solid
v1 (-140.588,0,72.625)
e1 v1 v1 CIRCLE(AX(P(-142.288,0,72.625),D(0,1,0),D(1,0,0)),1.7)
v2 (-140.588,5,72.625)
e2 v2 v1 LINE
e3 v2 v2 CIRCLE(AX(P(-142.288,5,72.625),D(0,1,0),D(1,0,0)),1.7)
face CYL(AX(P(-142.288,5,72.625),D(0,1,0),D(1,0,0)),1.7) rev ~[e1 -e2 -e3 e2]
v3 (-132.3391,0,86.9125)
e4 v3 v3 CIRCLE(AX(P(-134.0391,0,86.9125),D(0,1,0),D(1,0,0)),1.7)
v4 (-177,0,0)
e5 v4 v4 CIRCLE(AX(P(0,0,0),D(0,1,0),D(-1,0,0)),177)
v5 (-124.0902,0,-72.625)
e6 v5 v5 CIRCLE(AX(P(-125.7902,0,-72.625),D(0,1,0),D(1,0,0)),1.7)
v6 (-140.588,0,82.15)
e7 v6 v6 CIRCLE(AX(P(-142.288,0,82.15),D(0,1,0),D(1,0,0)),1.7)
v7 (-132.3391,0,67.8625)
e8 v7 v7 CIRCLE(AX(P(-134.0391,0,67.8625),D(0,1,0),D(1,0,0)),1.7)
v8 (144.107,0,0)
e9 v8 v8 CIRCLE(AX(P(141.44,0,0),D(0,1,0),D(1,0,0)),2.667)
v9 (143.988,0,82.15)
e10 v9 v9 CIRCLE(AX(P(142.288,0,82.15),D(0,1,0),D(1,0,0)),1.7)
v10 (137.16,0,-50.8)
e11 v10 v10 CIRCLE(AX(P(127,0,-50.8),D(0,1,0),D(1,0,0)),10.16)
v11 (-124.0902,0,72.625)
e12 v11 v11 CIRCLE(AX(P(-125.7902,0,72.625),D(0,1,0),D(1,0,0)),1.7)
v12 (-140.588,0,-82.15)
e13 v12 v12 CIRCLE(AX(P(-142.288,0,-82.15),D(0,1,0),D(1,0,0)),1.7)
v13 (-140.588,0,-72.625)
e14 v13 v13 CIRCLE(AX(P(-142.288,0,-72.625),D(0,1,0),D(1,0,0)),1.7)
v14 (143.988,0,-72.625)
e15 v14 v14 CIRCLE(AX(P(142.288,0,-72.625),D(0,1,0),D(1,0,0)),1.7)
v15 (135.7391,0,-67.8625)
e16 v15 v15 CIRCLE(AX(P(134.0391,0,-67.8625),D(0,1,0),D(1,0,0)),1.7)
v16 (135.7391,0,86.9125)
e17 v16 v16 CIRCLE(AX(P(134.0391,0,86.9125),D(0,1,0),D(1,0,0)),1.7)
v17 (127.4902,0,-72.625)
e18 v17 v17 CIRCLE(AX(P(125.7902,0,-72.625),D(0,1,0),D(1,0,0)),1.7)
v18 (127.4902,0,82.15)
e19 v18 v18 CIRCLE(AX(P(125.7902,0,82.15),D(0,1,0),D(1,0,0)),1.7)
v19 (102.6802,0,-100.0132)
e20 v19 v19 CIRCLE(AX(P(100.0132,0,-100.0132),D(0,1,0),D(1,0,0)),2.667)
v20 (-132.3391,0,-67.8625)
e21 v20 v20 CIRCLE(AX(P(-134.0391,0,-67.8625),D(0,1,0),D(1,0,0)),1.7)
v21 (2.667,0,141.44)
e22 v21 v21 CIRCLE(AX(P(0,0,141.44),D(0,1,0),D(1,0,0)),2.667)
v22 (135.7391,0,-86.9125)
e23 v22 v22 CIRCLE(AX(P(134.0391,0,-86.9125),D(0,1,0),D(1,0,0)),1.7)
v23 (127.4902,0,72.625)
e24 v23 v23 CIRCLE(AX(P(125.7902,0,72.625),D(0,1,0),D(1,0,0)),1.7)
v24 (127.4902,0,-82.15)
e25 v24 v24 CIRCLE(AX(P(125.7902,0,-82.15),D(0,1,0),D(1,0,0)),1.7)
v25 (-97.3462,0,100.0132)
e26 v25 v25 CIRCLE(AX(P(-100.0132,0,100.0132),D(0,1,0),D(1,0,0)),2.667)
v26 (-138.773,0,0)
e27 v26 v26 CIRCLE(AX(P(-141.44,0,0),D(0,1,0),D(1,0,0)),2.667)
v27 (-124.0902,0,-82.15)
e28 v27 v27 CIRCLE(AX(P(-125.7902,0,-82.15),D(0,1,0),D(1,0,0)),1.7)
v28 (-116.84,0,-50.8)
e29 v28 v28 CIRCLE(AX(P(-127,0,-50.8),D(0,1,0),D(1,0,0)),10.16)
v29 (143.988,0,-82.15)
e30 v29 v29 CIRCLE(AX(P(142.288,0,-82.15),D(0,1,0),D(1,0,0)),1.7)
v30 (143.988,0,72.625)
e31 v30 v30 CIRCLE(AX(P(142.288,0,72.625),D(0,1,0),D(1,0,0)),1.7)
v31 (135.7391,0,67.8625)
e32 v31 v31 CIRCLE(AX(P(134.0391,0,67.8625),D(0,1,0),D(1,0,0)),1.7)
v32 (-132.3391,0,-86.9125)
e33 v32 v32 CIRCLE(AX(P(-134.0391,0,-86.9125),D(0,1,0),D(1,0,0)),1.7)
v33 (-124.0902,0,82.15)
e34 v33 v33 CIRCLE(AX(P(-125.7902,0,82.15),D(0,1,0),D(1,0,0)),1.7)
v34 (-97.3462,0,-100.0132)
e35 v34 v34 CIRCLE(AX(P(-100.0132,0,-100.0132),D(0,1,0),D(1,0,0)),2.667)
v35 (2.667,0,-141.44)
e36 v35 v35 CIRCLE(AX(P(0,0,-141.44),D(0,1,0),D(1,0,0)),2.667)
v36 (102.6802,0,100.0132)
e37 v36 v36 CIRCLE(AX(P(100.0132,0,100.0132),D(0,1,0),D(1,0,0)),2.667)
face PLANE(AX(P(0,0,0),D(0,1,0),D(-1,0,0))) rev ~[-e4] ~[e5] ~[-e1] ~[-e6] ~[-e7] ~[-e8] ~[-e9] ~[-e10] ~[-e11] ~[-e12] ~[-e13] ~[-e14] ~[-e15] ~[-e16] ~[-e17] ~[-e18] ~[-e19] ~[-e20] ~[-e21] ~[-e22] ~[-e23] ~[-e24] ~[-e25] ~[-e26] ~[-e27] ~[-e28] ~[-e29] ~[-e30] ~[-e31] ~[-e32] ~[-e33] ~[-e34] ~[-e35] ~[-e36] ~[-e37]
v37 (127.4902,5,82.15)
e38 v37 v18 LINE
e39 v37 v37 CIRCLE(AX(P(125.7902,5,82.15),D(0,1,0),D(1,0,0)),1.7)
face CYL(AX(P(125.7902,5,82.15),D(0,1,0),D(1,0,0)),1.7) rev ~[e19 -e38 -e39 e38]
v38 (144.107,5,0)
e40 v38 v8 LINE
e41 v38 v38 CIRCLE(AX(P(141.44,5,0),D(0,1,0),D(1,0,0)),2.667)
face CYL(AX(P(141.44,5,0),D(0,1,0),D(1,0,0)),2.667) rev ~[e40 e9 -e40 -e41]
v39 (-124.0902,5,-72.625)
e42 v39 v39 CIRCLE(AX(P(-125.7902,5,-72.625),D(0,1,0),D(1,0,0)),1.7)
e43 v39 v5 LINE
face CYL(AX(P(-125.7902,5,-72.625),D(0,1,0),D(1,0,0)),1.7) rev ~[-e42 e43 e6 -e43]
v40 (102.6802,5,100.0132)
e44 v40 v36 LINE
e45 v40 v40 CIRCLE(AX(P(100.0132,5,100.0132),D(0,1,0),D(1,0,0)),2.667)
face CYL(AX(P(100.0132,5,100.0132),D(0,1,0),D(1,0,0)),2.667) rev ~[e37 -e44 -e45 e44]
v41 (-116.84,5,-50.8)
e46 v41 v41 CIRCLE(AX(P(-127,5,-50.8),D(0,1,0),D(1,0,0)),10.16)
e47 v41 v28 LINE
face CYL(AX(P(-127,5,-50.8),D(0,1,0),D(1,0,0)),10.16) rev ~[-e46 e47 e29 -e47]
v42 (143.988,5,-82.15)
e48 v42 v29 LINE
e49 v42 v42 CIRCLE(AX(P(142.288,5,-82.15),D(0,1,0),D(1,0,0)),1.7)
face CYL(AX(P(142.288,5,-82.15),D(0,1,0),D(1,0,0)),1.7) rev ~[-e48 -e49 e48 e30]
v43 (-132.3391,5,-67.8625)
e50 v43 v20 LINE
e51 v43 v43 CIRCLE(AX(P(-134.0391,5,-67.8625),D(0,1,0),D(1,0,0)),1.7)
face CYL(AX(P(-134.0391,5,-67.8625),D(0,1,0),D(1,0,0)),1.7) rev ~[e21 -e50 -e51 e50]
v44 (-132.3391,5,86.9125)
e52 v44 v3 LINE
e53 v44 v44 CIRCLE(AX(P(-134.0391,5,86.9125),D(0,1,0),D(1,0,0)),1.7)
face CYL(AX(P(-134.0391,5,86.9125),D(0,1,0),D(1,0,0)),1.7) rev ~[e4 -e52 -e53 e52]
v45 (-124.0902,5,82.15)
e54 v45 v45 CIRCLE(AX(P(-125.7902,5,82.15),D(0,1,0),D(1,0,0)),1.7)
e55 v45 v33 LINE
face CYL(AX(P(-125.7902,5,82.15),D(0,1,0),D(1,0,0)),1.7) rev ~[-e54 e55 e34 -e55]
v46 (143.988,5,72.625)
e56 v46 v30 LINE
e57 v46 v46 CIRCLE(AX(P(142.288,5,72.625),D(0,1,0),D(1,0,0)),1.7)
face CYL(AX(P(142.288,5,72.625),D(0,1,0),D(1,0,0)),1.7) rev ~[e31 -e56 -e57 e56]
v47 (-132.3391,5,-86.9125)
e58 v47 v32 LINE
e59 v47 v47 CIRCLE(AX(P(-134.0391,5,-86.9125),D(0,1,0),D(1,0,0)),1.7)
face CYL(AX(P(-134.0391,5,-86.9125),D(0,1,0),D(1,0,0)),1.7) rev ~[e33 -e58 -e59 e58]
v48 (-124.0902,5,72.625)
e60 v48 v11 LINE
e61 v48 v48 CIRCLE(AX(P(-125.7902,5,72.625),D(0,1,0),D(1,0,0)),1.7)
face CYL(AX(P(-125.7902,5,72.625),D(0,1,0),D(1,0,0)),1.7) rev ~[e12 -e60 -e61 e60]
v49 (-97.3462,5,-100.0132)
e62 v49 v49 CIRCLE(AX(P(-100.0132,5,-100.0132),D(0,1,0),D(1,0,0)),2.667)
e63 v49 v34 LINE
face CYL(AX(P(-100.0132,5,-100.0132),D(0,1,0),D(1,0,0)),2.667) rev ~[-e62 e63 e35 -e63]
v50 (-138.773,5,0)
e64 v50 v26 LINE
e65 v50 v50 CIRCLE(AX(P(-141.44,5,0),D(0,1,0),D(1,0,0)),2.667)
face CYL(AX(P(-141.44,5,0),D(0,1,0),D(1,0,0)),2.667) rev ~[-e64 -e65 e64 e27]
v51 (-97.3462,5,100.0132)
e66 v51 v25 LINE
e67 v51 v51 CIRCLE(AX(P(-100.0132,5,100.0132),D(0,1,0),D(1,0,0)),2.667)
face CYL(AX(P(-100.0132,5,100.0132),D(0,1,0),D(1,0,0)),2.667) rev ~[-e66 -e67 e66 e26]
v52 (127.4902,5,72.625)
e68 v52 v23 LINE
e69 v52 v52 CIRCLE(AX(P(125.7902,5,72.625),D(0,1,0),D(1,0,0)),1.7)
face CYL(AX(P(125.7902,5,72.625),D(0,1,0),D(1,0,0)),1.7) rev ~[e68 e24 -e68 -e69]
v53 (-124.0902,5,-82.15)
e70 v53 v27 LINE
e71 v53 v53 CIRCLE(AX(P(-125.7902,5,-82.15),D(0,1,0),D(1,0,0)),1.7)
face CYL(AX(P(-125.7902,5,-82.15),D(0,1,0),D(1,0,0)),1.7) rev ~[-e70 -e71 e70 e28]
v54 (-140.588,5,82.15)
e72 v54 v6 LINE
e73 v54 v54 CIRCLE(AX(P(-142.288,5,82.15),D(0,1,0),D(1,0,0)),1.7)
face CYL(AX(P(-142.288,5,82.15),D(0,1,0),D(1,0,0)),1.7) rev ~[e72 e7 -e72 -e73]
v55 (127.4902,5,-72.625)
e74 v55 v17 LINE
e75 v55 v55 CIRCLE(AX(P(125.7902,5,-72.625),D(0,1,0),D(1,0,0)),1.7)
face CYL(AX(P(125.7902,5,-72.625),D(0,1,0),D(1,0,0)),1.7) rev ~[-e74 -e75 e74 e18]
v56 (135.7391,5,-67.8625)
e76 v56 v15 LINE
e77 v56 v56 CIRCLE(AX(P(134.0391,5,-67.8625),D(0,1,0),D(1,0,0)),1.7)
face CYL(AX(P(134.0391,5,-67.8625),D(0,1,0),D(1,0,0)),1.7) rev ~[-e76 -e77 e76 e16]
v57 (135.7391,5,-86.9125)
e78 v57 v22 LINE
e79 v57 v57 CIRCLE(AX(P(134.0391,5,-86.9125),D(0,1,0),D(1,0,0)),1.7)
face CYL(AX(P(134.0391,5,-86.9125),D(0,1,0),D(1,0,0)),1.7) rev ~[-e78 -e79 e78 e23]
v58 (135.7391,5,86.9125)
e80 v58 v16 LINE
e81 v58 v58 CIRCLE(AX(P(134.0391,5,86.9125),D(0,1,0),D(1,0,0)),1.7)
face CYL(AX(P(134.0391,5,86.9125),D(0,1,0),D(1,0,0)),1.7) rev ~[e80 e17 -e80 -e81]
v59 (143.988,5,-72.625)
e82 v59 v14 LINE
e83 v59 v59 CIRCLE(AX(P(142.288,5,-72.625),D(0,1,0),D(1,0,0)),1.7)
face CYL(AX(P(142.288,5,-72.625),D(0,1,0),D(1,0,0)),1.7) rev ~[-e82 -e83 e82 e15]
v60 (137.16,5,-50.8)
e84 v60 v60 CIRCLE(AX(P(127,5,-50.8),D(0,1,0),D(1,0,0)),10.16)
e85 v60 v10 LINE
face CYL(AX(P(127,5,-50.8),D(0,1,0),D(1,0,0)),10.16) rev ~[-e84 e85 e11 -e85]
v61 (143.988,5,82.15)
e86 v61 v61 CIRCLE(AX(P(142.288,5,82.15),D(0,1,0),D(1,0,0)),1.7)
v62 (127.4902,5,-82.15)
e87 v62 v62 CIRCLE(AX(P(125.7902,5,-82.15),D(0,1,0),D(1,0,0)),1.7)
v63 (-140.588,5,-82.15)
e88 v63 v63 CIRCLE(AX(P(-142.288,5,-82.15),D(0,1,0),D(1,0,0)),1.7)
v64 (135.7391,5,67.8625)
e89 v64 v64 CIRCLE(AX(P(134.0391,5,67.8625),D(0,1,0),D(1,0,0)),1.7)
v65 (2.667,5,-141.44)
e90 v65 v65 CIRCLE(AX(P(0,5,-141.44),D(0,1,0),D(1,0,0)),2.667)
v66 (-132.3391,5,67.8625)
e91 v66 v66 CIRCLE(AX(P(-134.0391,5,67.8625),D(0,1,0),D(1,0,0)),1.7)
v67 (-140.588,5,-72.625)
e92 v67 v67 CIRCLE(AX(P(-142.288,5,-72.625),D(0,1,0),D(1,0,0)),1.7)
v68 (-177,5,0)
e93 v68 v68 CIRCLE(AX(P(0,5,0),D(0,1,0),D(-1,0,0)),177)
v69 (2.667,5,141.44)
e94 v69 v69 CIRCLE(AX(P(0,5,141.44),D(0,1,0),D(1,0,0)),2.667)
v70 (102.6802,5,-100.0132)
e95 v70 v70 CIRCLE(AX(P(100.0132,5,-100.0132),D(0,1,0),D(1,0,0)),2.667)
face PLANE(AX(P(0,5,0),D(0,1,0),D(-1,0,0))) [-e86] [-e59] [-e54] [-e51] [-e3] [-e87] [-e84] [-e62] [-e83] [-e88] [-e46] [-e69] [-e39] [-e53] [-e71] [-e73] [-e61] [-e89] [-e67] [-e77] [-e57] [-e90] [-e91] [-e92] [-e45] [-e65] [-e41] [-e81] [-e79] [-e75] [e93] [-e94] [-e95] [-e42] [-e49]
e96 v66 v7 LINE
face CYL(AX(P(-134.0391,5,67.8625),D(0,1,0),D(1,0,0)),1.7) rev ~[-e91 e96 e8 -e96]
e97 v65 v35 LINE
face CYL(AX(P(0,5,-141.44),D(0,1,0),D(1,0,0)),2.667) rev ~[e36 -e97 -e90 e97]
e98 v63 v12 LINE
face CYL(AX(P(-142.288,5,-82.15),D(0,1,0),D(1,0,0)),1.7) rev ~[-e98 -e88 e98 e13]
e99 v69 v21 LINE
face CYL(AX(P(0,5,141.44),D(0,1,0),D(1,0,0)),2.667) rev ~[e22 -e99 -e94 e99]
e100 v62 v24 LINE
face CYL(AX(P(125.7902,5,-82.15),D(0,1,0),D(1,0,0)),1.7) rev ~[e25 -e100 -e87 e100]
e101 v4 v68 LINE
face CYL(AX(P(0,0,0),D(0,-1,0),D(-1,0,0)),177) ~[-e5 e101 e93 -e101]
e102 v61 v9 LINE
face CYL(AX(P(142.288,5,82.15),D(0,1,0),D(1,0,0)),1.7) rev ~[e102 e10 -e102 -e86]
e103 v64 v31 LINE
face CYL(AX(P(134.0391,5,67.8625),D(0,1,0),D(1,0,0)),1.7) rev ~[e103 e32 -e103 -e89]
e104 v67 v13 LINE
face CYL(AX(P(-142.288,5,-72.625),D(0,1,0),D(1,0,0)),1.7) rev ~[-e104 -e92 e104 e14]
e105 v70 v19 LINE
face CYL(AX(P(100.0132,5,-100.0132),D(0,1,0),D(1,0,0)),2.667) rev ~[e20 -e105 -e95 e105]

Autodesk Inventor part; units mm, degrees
ref_plane "YZ Plane" through (0, 0, 0) normal (1, 0, 0) x (0, 1, 0)
ref_plane "XZ Plane" through (0, 0, 0) normal (0, 1, 0) x (-1, 0, 0)
ref_plane "XY Plane" through (0, 0, 0) normal (0, 0, 1) x (1, 0, 0)
sketch "Sketch1" plane through (0, 0, 0) normal (0, 1, 0) x (-1, 0, 0)
  circle A0 centre (0, 0) radius 177
  dimension "d0" = 354
extrude "Extrusion1" add sketch "Sketch1" along normal blind 5
sketch "Sketch2" plane through (0, 5, 0) normal (0, 1, 0) x (1, 0, 0)
  line L0 (0, 0) -> (153.2865, -88.5) construction
  circle A0 centre (0, 0) radius 177 construction
  line L1 (-177, 0) -> (177, 0) construction
  circle A1 centre (142.288, -82.15) radius 1.7
  line L2 (142.288, -82.15) -> (134.0391, -77.3875) construction
  circle A2 centre (142.288, -72.625) radius 1.7
  circle A3 centre (134.0391, -67.8625) radius 1.7
  circle A4 centre (125.7902, -72.625) radius 1.7
  circle A5 centre (125.7902, -82.15) radius 1.7
  circle A6 centre (134.0391, -86.9125) radius 1.7
  circle A7 centre (142.288, 82.15) radius 1.7
  circle A8 centre (142.288, 72.625) radius 1.7
  circle A9 centre (134.0391, 67.8625) radius 1.7
  circle A10 centre (125.7902, 72.625) radius 1.7
  circle A11 centre (125.7902, 82.15) radius 1.7
  circle A12 centre (134.0391, 86.9125) radius 1.7
  line L3 (0, 177) -> (0, -177) construction
  circle A13 centre (0, 0) radius 177 construction
  circle A14 centre (-142.288, -82.15) radius 1.7
  circle A15 centre (-142.288, -72.625) radius 1.7
  circle A16 centre (-134.0391, -67.8625) radius 1.7
  circle A17 centre (-125.7902, -72.625) radius 1.7
  circle A18 centre (-125.7902, -82.15) radius 1.7
  circle A19 centre (-134.0391, -86.9125) radius 1.7
  circle A20 centre (-134.0391, 67.8625) radius 1.7
  circle A21 centre (-142.288, 72.625) radius 1.7
  circle A22 centre (-142.288, 82.15) radius 1.7
  circle A23 centre (-134.0391, 86.9125) radius 1.7
  circle A24 centre (-125.7902, 82.15) radius 1.7
  circle A25 centre (-125.7902, 72.625) radius 1.7
  dimension "d3" = 30
  dimension "d4" = 3.4
  dimension "d5" = 12.7
  dimension "d6" = 9.525
  dimension "d9" = 360
extrude "Standoffs" cut sketch "Sketch2" against normal through all
sketch "Sketch3" plane through (0, 5, 0) normal (0, 1, 0) x (1, 0, 0)
  circle A0 centre (-127, 50.8) radius 10.16
  circle A1 centre (127, 50.8) radius 10.16
  circle A2 centre (0, 0) radius 177 construction
  circle A3 centre (0, 0) radius 177 construction
  line L0 (0, 0) -> (0, 177) construction
  line L1 (0, 0) -> (177, 0) construction
  line L2 (0, 0) -> (-177, 0) construction
  dimension "d13" = 20.32
  dimension "d14" = 20.32
  dimension "d19" = 127
  dimension "d20" = 127
  dimension "d21" = 50.8
  dimension "d22" = 50.8
extrude "Wires" cut sketch "Sketch3" against normal through all
sketch "Sketch4" plane through (0, 5, 0) normal (0, 1, 0) x (1, 0, 0)
  circle A0 centre (0, -141.44) radius 2.667
  circle A1 centre (0, 0) radius 177 construction
  line L0 (0, 0) -> (0, -177) construction
  line L1 (0, -177) -> (48.7641, -177) construction
  circle A2 centre (100.0132, -100.0132) radius 2.667
  circle A3 centre (141.44, 0) radius 2.667
  circle A4 centre (100.0132, 100.0132) radius 2.667
  circle A5 centre (0, 141.44) radius 2.667
  circle A6 centre (-100.0132, 100.0132) radius 2.667
  circle A7 centre (-141.44, 0) radius 2.667
  circle A8 centre (-100.0132, -100.0132) radius 2.667
  dimension "d25" = 5.334
  dimension "d28" = 35.56
  dimension "d31" = 360
extrude "Zip Ties" cut sketch "Sketch4" against normal through all
equation "\"d0\" = robot_diameter"
equation "\"d1\" = hardboard_thickness"
equation "\"d4\" = m3_clearance"
equation "\"d14\" = d13"
equation "\"d22\" = d21"
equation "\"m3_heat_set_insert\" = 4"
equation "\"m3_clearance\" = 3.4"
equation "\"m3_heat_set_depth\" = 7"
equation "\"robot_diameter\" = 354"
equation "\"hardboard_thickness\" = 5"
properties part number "layer5_new"
